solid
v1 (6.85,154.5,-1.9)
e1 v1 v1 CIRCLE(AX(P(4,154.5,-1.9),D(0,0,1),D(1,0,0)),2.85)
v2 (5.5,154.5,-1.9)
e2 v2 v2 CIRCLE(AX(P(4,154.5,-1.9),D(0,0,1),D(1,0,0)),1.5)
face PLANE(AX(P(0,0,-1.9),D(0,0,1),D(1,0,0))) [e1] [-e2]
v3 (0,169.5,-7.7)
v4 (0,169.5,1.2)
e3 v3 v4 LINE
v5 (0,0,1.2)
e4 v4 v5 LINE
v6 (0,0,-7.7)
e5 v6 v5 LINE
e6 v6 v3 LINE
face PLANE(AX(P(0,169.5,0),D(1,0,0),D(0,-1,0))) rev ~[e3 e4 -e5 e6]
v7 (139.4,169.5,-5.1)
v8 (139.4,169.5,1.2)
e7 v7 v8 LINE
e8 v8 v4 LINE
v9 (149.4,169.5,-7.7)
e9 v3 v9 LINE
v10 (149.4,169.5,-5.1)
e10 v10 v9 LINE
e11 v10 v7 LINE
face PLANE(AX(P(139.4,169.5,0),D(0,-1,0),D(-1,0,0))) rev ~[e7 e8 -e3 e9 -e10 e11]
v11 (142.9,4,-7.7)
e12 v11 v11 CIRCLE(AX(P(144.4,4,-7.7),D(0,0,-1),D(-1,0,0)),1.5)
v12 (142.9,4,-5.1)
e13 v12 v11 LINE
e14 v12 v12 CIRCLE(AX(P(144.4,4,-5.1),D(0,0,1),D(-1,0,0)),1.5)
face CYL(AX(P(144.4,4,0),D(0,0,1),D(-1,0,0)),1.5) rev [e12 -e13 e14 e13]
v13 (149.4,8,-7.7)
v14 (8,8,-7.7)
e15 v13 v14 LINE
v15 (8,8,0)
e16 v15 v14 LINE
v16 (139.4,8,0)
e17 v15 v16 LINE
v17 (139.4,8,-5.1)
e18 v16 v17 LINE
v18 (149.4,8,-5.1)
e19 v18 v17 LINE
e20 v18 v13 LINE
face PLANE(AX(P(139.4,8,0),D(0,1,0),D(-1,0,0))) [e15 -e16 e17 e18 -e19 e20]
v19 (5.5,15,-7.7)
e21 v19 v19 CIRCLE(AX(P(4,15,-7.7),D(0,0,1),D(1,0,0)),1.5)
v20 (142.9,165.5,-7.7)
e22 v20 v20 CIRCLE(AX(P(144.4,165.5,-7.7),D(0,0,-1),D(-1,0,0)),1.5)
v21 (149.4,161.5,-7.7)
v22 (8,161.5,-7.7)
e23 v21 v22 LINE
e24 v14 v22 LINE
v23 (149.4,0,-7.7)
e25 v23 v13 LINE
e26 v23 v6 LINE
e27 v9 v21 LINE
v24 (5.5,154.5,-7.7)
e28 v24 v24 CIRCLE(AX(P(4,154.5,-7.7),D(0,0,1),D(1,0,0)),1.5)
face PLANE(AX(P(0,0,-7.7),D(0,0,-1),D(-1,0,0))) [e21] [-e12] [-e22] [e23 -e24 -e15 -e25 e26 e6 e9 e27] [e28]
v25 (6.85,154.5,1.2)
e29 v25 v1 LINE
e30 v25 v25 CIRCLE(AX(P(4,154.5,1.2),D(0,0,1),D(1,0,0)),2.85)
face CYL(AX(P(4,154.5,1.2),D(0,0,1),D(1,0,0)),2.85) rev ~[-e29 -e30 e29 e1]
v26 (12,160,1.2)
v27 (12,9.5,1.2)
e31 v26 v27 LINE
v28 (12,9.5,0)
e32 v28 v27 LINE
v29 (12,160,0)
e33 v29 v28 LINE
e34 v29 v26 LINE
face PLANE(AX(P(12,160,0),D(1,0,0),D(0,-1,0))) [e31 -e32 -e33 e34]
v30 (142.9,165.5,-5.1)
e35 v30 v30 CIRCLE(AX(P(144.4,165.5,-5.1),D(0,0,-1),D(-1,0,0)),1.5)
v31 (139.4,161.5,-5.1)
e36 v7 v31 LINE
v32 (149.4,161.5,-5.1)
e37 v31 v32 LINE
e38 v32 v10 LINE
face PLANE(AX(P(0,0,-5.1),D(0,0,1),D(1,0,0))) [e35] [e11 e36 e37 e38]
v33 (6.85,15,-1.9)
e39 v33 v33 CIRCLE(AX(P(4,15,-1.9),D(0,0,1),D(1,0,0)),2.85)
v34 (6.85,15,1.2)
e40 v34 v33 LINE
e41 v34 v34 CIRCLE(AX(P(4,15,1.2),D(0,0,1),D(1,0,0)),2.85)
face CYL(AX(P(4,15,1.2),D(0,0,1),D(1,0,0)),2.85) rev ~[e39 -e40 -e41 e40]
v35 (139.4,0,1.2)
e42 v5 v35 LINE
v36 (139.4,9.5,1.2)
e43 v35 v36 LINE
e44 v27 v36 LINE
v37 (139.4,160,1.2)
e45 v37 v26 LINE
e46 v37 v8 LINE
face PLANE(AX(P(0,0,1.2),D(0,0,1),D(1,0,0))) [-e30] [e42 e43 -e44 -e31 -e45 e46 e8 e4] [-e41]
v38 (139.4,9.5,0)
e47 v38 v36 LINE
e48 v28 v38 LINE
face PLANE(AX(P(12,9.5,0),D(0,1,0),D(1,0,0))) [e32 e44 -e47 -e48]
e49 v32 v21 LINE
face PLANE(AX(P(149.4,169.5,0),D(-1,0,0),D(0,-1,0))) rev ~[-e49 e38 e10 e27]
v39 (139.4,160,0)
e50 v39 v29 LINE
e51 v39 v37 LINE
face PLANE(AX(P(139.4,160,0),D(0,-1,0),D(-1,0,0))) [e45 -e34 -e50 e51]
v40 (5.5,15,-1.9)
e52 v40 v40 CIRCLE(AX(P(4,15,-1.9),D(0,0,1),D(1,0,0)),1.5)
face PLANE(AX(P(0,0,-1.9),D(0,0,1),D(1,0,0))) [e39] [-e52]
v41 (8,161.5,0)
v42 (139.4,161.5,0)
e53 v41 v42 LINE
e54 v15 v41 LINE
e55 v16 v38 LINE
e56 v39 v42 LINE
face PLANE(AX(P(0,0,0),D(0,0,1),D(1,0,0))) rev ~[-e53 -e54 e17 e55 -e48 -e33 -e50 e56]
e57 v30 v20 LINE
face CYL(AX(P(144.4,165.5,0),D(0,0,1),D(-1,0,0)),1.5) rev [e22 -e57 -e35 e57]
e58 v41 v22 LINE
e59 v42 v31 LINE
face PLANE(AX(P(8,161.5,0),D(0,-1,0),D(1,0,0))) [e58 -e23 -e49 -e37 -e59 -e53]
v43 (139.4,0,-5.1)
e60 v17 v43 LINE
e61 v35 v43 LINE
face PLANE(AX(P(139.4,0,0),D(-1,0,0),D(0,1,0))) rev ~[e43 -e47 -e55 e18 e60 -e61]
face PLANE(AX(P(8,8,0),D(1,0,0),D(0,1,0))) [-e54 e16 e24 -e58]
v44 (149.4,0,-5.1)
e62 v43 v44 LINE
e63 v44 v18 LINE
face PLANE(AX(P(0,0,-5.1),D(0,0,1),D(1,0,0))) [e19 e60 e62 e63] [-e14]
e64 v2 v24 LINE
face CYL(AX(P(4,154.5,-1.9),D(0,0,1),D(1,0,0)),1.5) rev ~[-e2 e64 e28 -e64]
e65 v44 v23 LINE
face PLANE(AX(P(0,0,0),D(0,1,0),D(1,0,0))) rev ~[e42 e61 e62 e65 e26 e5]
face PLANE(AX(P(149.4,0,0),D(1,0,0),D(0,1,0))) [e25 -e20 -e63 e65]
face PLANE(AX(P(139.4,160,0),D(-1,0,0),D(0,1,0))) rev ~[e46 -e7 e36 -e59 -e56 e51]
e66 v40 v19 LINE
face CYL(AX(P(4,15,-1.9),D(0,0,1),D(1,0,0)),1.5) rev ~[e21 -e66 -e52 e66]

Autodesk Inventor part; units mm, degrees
ref_plane "YZ Plane" through (0, 0, 0) normal (1, 0, 0) x (0, 1, 0)
ref_plane "XZ Plane" through (0, 0, 0) normal (0, 1, 0) x (-1, 0, 0)
ref_plane "XY Plane" through (0, 0, 0) normal (0, 0, 1) x (1, 0, 0)
sketch "Skizze1" plane through (0, 0, 0) normal (0, 0, 1) x (1, 0, 0)
  line L0 (0, 0) -> (139.4, 0) construction
  line L1 (139.4, 0) -> (139.4, 169.5) construction
  line L2 (139.4, 169.5) -> (0, 169.5)
  line L3 (0, 169.5) -> (0, 0)
  line L4 (139.4, 160) -> (12, 160)
  line L5 (12, 160) -> (12, 9.5)
  line L6 (12, 9.5) -> (139.4, 9.5)
  line L7 (139.4, 9.5) -> (139.4, 160) construction
  line L8 (0, 0) -> (139.4, 0)
  line L9 (139.4, 0) -> (139.4, 9.5)
  line L10 (139.4, 160) -> (139.4, 169.5)
  dimension "d0" = 9.5
  dimension "d1" = 9.5
  dimension "d2" = 12
  dimension "d3" = 150.5
  dimension "d4" = 127.4
extrude "Extrusion1" add sketch "Skizze1" along normal blind 1.2
sketch "Skizze2" plane through (0, 0, 0) normal (0, 0, -1) x (-1, 0, 0)
  line L0 (-139.4, 8) -> (-8, 8)
  line L1 (-8, 8) -> (-8, 161.5)
  line L2 (-8, 161.5) -> (-139.4, 161.5)
  line L3 (0, 0) -> (-139.4, 0) projected
  line L4 (0, 0) -> (0, 169.5) projected
  line L5 (0, 169.5) -> (-139.4, 169.5) projected
  line L6 (-139.4, 160) -> (-139.4, 169.5) projected
  line L7 (-139.4, 169.5) -> (-149.4, 169.5)
  line L8 (-149.4, 169.5) -> (-149.4, 161.5)
  line L9 (-149.4, 161.5) -> (-139.4, 161.5)
  line L10 (-139.4, 0) -> (-139.4, 9.5) projected
  line L11 (-139.4, 0) -> (-149.4, 0)
  line L12 (-149.4, 0) -> (-149.4, 8)
  line L13 (-149.4, 8) -> (-139.4, 8)
  circle A0 centre (-144.4, 165.5) radius 1.5
  circle A1 centre (-144.4, 4) radius 1.5
  dimension "d7" = 10
  dimension "d8" = 8
  dimension "d9" = 8
  dimension "d10" = 8
  dimension "d11" = 3
  dimension "d12" = 5
  dimension "d13" = 4
  dimension "d14" = 3
  dimension "d15" = 5
  dimension "d16" = 4
extrude "Extrusion2" add sketch "Skizze2" along normal blind 7.7
sketch "Skizze3" plane through (0, 0, 0) normal (0, 0, 1) x (1, 0, 0)
  line L0 (139.4, 169.5) -> (139.4, 161.5) projected
  line L1 (139.4, 161.5) -> (149.4, 161.5) projected
  line L2 (149.4, 161.5) -> (149.4, 169.5) projected
  line L3 (149.4, 169.5) -> (139.4, 169.5) projected
  circle A0 centre (144.4, 165.5) radius 1.5 projected
  line L4 (139.4, 8) -> (139.4, 0) projected
  line L5 (139.4, 0) -> (149.4, 0) projected
  line L6 (149.4, 0) -> (149.4, 8) projected
  line L7 (149.4, 8) -> (139.4, 8) projected
  circle A1 centre (144.4, 4) radius 1.5 projected
  point P0 (0, 0)
extrude "Extrusion3" cut sketch "Skizze3" against normal blind 5.1
sketch "Skizze4" plane through (0, 0, 1.2) normal (0, 0, 1) x (1, 0, 0)
  line L0 (139.4, 169.5) -> (0, 169.5) construction
  line L1 (4, 169.5) -> (4, 0) construction
  line L2 (0, 0) -> (139.4, 0) construction
  line L3 (0, 169.5) -> (0, 0) construction
  circle A0 centre (4, 15) radius 2.85
  circle A1 centre (4, 154.5) radius 2.85
  dimension "d21" = 4
  dimension "d22" = 5.7
  dimension "d23" = 5.7
  dimension "d24" = 15
  dimension "d25" = 15
extrude "Extrusion4" cut sketch "Skizze4" against normal blind 3.1
sketch "Skizze5" plane through (4, 154.5, -1.9) normal (0, 0, 1) x (1, 0, 0)
  circle A0 centre (0, -139.5) radius 2.85 projected
  circle A1 centre (0, 0) radius 2.85 projected
  circle A2 centre (0, 0) radius 2.85 projected
  circle A3 centre (0, 0) radius 1.5
  circle A4 centre (0, -139.5) radius 1.5
  point P0 (-4, -154.5)
  dimension "d28" = 3
  dimension "d29" = 3
extrude "Extrusion5" cut sketch "Skizze5" against normal blind 42.55 contours A3 | A4
equation "\"d1\" = d0"
equation "\"d14\" = d11"
equation "\"d22\" = d23"
equation "\"d25\" = d24"
equation "\"d28\" = d29"
properties part number "Case-Side"
